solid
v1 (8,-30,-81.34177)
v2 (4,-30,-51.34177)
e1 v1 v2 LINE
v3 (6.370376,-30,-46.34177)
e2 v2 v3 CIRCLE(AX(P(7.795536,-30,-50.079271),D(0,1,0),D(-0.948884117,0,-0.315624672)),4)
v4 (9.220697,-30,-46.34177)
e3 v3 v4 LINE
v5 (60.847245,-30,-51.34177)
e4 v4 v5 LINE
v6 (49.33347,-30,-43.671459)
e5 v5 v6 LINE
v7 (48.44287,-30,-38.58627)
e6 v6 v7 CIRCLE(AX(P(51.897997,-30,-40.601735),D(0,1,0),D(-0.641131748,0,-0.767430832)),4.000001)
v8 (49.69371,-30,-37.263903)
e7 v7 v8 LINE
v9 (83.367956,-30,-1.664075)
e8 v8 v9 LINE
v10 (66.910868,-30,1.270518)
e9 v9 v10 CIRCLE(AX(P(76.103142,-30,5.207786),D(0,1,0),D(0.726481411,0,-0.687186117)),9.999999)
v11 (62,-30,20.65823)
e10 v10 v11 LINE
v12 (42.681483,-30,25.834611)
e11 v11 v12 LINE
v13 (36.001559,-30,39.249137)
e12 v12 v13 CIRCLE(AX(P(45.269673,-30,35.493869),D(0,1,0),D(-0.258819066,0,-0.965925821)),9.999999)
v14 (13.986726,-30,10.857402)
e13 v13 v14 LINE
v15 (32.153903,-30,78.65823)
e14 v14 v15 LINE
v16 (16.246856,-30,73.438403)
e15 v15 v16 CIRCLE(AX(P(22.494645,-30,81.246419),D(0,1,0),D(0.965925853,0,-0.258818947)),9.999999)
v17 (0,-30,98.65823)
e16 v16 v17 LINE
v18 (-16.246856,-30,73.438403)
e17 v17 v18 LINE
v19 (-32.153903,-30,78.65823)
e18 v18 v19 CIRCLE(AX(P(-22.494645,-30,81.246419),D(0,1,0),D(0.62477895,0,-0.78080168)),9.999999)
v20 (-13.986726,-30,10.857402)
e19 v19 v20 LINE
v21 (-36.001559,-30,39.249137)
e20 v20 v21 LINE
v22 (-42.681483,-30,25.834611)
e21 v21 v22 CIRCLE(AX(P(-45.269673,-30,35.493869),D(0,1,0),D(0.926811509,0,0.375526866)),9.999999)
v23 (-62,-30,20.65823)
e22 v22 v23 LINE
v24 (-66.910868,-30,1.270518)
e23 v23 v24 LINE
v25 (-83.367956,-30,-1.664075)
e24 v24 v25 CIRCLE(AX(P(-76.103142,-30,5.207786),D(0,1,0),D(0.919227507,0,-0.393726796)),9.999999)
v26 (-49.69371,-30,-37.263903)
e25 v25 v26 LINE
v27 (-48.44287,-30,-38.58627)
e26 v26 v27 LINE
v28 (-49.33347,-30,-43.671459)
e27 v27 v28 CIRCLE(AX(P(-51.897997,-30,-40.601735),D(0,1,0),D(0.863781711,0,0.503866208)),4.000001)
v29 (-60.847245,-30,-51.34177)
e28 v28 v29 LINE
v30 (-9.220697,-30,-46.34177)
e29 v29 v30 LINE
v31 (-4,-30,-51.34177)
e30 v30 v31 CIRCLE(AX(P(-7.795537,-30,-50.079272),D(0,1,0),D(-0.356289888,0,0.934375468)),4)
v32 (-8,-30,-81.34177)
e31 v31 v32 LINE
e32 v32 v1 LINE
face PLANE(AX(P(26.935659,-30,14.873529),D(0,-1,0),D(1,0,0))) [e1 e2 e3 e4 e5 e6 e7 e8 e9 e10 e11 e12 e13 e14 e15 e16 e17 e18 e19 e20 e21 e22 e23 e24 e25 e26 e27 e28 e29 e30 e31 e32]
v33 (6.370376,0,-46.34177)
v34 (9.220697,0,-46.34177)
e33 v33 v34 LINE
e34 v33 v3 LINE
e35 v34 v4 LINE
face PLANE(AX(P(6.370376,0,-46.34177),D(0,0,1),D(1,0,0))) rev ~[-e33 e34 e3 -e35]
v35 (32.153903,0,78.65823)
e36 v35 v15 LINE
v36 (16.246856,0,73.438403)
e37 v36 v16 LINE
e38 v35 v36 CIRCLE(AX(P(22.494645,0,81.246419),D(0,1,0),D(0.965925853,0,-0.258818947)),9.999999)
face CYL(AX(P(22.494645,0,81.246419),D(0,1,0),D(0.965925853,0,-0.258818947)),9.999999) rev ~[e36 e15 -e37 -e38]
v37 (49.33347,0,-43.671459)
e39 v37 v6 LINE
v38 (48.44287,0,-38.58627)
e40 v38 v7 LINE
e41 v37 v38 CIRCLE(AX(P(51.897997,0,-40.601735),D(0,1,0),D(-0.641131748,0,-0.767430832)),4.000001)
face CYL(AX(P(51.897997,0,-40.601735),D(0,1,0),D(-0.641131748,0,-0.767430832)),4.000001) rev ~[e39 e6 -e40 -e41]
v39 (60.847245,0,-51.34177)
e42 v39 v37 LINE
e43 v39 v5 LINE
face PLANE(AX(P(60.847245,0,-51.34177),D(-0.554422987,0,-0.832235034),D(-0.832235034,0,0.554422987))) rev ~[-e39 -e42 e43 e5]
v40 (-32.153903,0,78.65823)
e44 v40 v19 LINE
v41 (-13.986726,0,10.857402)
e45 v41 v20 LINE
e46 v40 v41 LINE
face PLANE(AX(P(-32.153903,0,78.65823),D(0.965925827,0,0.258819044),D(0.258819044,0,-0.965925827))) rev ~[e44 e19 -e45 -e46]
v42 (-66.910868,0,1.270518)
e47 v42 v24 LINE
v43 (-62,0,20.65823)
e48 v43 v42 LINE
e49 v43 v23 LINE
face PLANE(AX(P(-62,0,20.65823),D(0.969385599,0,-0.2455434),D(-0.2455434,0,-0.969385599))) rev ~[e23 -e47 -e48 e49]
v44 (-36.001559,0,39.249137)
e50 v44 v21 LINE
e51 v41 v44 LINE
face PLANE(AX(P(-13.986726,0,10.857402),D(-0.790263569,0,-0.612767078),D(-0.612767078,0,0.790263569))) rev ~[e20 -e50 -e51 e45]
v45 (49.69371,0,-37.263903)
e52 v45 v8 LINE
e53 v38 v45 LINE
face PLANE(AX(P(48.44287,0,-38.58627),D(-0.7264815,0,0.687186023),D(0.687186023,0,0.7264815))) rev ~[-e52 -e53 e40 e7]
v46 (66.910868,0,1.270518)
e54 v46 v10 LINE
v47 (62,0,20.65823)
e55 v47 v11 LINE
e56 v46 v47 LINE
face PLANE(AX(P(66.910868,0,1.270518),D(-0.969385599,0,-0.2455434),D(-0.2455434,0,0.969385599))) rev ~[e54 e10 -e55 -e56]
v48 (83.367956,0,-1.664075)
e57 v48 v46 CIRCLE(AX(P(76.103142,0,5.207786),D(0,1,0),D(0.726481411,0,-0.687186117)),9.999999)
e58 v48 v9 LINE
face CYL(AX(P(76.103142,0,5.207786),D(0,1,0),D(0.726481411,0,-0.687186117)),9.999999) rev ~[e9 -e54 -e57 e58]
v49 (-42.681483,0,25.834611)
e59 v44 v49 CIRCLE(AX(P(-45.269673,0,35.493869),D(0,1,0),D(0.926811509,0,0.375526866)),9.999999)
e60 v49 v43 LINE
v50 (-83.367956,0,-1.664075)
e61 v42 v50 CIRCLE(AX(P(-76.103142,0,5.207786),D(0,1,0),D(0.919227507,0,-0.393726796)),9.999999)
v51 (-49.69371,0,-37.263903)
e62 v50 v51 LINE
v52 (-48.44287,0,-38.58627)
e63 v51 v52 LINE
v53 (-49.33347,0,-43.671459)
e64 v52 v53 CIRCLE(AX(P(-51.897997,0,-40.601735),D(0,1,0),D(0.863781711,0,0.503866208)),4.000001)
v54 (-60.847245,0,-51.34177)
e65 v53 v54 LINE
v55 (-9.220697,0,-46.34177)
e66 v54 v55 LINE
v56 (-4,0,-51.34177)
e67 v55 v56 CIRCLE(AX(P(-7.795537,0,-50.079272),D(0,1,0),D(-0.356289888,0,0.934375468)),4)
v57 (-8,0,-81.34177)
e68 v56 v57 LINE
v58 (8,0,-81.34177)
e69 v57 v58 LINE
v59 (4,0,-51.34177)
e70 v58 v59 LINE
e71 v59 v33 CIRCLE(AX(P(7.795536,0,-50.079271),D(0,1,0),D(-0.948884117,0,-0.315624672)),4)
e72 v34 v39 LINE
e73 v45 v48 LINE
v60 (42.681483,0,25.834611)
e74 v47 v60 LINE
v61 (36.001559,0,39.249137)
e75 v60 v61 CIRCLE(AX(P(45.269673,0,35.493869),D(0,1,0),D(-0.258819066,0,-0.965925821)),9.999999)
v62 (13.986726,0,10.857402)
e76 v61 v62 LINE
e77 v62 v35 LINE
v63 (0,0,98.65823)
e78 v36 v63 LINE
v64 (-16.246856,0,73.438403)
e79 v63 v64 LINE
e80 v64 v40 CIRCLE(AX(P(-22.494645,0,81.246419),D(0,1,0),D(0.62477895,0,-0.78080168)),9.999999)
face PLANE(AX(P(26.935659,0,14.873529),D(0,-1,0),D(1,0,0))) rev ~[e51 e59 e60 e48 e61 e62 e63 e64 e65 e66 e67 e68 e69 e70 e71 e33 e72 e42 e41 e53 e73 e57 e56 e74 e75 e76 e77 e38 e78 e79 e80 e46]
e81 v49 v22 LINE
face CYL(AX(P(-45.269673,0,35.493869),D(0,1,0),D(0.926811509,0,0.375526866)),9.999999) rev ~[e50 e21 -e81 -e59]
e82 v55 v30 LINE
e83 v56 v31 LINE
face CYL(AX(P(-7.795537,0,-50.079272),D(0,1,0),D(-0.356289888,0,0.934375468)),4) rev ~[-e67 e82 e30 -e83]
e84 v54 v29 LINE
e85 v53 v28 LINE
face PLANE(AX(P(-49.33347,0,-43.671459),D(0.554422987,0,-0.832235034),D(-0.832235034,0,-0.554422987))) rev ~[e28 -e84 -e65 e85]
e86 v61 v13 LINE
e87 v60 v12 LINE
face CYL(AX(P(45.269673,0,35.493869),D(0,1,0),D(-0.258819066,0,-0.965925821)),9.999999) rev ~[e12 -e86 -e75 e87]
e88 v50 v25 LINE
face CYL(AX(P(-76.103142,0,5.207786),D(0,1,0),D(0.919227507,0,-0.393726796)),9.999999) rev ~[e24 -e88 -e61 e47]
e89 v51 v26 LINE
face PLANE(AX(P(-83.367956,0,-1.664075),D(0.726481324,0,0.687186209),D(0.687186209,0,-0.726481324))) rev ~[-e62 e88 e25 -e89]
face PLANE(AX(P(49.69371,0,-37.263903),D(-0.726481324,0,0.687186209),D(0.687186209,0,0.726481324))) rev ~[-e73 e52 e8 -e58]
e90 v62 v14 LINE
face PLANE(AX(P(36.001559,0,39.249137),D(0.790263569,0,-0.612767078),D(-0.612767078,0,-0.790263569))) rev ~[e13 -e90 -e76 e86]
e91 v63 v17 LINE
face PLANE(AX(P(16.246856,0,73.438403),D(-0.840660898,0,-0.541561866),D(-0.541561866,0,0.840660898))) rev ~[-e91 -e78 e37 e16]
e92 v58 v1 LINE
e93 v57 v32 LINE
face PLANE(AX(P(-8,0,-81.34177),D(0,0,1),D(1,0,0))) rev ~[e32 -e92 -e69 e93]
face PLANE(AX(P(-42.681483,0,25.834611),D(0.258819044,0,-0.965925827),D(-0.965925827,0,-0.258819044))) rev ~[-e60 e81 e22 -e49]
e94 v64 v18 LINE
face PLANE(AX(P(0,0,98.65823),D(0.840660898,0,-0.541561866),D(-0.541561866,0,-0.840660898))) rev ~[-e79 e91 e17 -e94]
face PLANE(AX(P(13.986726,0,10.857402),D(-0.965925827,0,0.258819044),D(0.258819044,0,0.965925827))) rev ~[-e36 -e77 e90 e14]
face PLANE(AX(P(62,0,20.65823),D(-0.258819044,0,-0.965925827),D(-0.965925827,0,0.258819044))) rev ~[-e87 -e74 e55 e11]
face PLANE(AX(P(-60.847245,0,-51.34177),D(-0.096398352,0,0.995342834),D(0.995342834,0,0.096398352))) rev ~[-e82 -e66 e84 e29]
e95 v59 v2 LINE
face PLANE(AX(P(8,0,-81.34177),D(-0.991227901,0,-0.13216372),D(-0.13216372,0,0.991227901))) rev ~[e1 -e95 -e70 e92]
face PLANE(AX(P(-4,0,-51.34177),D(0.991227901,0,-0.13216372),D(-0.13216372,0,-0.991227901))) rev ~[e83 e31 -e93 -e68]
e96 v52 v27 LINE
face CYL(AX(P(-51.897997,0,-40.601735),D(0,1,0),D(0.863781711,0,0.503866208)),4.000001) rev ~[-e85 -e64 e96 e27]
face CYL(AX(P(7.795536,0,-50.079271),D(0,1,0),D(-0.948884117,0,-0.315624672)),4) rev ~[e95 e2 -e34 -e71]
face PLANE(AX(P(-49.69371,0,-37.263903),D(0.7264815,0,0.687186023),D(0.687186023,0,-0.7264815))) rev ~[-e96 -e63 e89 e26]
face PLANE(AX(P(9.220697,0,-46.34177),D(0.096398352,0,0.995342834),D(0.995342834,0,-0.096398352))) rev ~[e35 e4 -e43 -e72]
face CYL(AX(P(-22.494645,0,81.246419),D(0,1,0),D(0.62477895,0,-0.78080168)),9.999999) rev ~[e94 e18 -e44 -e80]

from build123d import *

# Parameters (mm, degrees)
F1_DEPTH = 30


with BuildPart() as f1:
    # F0 (on Front) → F1 (new body)
    with BuildSketch(Plane.XZ):
        with BuildLine():
            Line((16.246856, 73.438403), (0, 98.65823))
            Line((0, 98.65823), (0, -51.34177))
            Line((0, -51.34177), (4, -51.34177))
            ThreePointArc((4, -51.34177), (4.181132, -48.365772), (6.370376, -46.34177))
            ThreePointArc((6.370376, -46.34177), (7.795537, -46.079272), (9.220697, -46.34177))
            Line((9.220697, -46.34177), (60.847245, -51.34177))
            Line((60.847245, -51.34177), (49.33347, -43.671459))
            ThreePointArc((49.33347, -43.671459), (47.957966, -41.291777), (48.44287, -38.58627))
            ThreePointArc((48.44287, -38.58627), (48.992071, -37.85299), (49.69371, -37.263903))
            Line((49.69371, -37.263903), (83.367956, -1.664075))
            ThreePointArc((83.367956, -1.664075), (74.347655, -4.636921), (66.910868, 1.270518))
            Line((66.910868, 1.270518), (62, 20.65823))
            Line((62, 20.65823), (42.681483, 25.834611))
            ThreePointArc((42.681483, 25.834611), (36.318117, 31.036333), (36.001559, 39.249137))
            Line((36.001559, 39.249137), (13.986726, 10.857402))
            Line((13.986726, 10.857402), (32.153903, 78.65823))
            ThreePointArc((32.153903, 78.65823), (25.612525, 71.744903), (16.246856, 73.438403))
        make_face()
        with BuildLine():
            Line((0, -51.34177), (0, 98.65823))
            Line((0, 98.65823), (-16.246856, 73.438403))
            ThreePointArc((-16.246856, 73.438403), (-25.612525, 71.744903), (-32.153903, 78.65823))
            Line((-32.153903, 78.65823), (-13.986726, 10.857402))
            Line((-13.986726, 10.857402), (-36.001559, 39.249137))
            ThreePointArc((-36.001559, 39.249137), (-36.318117, 31.036333), (-42.681483, 25.834611))
            Line((-42.681483, 25.834611), (-62, 20.65823))
            Line((-62, 20.65823), (-66.910868, 1.270518))
            ThreePointArc((-66.910868, 1.270518), (-74.347655, -4.636921), (-83.367956, -1.664075))
            Line((-83.367956, -1.664075), (-49.69371, -37.263903))
            ThreePointArc((-49.69371, -37.263903), (-48.992071, -37.85299), (-48.44287, -38.58627))
            ThreePointArc((-48.44287, -38.58627), (-47.957966, -41.291777), (-49.33347, -43.671459))
            Line((-49.33347, -43.671459), (-60.847245, -51.34177))
            Line((-60.847245, -51.34177), (-9.220697, -46.34177))
            ThreePointArc((-9.220697, -46.34177), (-5.028829, -47.190444), (-4, -51.34177))
            Line((-4, -51.34177), (-8, -81.34177))
            Line((-8, -81.34177), (0, -81.34177))
            Line((0, -81.34177), (0, -51.34177))
        make_face()
        Polygon((4, -51.34177), (0, -51.34177), (0, -81.34177), (8, -81.34177), align=None)
        with BuildLine():
            ThreePointArc((9.220697, -46.34177), (7.795537, -46.079272), (6.370376, -46.34177))
            Line((6.370376, -46.34177), (9.220697, -46.34177))
        make_face()
        with BuildLine():
            ThreePointArc((49.69371, -37.263903), (48.992071, -37.85299), (48.44287, -38.58627))
            Line((48.44287, -38.58627), (49.69371, -37.263903))
        make_face()
        with BuildLine():
            Line((-49.69371, -37.263903), (-48.44287, -38.58627))
            ThreePointArc((-48.44287, -38.58627), (-48.992071, -37.85299), (-49.69371, -37.263903))
        make_face()
    extrude(amount=F1_DEPTH)


solid = f1.part
